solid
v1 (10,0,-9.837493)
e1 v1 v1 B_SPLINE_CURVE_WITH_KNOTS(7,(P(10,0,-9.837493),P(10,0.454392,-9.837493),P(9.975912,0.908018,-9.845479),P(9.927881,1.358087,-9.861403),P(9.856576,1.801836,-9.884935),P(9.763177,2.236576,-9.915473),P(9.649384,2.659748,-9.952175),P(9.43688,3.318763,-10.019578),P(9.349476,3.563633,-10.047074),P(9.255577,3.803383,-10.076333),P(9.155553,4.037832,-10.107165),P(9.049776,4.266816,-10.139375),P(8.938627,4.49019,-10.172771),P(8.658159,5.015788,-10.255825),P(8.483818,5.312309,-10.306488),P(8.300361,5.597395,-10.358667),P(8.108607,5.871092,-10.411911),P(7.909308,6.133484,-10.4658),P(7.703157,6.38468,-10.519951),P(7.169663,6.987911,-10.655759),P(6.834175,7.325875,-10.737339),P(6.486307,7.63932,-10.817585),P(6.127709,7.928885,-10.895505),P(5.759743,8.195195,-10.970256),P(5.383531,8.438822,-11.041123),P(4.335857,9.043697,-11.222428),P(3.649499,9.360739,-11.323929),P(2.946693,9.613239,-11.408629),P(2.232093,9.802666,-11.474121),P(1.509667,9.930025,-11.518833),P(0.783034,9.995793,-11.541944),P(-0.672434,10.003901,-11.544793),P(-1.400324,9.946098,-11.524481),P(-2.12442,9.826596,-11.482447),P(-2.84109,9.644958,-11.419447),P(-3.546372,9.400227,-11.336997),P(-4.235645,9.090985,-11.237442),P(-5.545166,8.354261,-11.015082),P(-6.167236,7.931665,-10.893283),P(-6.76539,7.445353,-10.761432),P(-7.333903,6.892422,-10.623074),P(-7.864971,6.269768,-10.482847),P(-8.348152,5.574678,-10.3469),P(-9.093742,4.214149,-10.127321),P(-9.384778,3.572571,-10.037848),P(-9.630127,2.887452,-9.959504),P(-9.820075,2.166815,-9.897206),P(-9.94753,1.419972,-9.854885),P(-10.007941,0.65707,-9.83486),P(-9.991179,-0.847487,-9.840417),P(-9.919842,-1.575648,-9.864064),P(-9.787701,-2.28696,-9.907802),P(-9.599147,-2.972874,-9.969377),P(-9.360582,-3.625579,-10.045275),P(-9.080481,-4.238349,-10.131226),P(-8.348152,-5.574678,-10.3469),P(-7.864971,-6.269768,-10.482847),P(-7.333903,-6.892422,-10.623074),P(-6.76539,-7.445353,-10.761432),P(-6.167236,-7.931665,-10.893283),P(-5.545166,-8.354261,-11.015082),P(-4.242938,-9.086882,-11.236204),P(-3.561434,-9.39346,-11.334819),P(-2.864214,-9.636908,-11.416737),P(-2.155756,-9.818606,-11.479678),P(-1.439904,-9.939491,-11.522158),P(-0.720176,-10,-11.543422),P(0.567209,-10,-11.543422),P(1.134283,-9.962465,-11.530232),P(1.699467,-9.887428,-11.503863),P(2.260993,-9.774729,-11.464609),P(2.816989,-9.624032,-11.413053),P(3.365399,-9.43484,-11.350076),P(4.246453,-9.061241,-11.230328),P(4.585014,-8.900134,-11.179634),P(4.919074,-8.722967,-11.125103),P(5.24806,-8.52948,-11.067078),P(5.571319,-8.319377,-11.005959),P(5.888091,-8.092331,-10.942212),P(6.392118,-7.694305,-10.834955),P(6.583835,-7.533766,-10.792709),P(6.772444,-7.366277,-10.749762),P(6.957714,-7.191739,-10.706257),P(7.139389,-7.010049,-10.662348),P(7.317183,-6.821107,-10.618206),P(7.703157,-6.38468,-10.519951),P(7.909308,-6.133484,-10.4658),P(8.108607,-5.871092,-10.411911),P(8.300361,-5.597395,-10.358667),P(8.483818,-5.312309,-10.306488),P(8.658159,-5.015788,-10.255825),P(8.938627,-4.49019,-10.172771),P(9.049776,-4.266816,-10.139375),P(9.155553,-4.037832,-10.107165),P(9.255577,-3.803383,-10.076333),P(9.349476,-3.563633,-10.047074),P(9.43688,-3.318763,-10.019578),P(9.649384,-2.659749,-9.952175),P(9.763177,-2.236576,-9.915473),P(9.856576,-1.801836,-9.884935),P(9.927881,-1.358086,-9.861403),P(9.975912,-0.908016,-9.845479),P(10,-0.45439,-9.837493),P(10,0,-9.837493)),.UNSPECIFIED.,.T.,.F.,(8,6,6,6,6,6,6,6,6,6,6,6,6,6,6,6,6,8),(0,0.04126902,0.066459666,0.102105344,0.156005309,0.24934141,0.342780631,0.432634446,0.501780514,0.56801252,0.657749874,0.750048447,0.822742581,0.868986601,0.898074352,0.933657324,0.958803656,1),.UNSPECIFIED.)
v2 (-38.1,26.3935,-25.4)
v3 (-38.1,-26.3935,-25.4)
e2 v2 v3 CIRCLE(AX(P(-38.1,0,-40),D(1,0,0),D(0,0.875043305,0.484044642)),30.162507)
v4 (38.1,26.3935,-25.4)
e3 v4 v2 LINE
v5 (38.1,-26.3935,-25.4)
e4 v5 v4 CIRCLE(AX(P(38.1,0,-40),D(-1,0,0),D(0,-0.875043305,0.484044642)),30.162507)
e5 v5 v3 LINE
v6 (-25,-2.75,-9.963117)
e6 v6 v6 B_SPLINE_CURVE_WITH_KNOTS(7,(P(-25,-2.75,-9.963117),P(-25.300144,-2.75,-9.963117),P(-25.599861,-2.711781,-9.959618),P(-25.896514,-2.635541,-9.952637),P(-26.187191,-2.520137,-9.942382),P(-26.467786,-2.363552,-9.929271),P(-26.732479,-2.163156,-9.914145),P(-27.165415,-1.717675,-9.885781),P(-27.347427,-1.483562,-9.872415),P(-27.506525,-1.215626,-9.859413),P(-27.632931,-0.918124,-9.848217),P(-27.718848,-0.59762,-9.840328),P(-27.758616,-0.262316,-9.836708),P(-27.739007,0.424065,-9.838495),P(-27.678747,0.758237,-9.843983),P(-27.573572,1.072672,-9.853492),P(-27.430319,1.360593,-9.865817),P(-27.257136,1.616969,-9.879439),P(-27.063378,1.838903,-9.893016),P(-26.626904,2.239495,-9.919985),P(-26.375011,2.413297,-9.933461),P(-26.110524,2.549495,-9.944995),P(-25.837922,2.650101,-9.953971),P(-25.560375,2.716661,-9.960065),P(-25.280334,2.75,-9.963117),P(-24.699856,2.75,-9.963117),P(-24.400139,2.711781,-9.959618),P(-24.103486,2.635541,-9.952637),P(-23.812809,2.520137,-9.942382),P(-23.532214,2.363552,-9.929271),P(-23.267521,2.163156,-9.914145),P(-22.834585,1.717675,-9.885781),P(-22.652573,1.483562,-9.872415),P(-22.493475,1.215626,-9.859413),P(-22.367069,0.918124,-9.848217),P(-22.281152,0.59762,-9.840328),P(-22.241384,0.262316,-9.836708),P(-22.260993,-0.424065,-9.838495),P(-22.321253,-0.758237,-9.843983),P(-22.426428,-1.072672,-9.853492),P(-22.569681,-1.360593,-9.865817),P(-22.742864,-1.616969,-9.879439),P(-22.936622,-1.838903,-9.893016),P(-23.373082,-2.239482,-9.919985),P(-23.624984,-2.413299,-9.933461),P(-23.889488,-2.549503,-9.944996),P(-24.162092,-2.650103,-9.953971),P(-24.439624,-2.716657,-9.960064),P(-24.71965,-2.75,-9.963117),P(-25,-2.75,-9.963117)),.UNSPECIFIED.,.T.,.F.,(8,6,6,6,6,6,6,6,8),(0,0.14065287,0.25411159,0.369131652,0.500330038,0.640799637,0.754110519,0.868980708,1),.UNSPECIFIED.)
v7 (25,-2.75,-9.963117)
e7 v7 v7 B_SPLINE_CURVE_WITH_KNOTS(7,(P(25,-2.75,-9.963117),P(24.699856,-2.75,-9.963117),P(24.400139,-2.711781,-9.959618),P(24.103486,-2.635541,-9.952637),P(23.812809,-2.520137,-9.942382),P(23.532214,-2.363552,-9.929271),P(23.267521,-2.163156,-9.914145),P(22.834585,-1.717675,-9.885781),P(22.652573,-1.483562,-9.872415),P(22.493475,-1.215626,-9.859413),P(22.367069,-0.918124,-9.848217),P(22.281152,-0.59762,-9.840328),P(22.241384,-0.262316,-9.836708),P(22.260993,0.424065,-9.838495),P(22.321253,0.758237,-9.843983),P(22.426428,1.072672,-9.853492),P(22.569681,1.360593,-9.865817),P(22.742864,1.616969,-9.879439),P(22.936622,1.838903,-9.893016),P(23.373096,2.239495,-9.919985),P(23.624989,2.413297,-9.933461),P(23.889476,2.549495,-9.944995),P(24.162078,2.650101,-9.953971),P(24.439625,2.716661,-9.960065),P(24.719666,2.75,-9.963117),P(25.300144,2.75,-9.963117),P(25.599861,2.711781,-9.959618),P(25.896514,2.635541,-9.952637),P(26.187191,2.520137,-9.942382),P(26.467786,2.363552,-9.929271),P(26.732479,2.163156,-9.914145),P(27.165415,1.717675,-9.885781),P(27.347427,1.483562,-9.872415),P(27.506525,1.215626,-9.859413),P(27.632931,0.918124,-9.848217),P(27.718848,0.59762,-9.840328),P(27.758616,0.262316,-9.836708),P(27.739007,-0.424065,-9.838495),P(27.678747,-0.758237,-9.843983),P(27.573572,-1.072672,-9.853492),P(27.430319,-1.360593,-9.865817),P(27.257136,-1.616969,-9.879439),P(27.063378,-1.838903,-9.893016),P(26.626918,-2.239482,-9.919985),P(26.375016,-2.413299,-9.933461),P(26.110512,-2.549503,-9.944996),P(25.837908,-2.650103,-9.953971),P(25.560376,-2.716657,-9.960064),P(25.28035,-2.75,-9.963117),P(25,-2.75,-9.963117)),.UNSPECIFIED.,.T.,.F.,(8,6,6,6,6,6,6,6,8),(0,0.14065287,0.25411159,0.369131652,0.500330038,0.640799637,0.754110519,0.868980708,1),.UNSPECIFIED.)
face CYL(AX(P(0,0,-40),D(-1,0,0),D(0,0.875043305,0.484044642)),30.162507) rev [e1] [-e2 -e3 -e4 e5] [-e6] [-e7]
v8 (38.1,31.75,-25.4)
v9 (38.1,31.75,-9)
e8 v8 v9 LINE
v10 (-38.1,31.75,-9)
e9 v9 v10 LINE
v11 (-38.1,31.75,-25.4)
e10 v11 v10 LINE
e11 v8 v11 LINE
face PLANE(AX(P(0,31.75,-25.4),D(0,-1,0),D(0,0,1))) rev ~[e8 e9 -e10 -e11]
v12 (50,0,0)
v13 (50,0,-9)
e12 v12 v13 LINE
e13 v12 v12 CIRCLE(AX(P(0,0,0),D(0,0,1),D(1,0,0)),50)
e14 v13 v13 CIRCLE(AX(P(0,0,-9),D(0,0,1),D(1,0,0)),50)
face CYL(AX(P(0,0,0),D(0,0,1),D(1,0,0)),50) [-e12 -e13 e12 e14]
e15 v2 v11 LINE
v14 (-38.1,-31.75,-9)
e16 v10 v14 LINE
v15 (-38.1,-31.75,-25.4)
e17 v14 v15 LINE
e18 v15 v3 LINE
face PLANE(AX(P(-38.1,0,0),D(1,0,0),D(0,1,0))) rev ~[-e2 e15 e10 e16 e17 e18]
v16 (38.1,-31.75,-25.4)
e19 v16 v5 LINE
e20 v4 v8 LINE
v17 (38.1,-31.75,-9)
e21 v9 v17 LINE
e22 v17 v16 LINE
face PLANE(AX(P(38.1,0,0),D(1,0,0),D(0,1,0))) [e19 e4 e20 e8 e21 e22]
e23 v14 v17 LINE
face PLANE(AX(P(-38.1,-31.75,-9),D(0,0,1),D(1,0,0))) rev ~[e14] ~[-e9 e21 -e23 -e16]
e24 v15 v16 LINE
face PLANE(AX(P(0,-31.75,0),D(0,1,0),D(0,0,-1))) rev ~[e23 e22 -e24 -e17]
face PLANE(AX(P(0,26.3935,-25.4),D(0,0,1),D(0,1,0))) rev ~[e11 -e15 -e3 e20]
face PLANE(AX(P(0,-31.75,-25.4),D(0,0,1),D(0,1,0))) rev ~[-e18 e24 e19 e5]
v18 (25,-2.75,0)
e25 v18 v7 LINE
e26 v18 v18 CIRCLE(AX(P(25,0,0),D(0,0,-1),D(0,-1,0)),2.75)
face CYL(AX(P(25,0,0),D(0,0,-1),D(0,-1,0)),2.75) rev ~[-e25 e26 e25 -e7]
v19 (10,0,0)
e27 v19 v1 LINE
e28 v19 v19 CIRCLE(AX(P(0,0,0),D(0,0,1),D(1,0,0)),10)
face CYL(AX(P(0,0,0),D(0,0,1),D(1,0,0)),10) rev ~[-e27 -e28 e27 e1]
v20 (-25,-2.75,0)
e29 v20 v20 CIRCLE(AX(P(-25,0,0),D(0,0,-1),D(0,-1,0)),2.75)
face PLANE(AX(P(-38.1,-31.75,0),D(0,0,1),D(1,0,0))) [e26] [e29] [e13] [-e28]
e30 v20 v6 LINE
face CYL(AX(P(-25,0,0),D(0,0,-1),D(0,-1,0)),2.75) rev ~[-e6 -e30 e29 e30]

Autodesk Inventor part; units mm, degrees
ref_plane "YZ Plane" through (0, 0, 0) normal (1, 0, 0) x (0, 1, 0)
ref_plane "XZ Plane" through (0, 0, 0) normal (0, 1, 0) x (-1, 0, 0)
ref_plane "XY Plane" through (0, 0, 0) normal (0, 0, 1) x (1, 0, 0)
sketch "Sketch1" plane through (0, 0, 0) normal (1, 0, 0) x (0, 1, 0)
  circle A0 centre (0, -40) radius 30.1625 construction
  line L0 (31.75, 0) -> (-31.75, 0)
  line L1 (-31.75, 0) -> (-31.75, -25.4)
  line L2 (31.75, -25.4) -> (31.75, 0)
  line L3 (0, 0) -> (0, -115.458)
  arc A1 (26.3935, -25.4) -> (-26.3935, -25.4) centre (0, -40) ccw
  line L4 (-31.75, -25.4) -> (-26.3935, -25.4)
  line L5 (26.3935, -25.4) -> (31.75, -25.4)
  dimension "d1" = 60.325
  dimension "d3" = 63.5
  dimension "d4" = 40
  dimension "d5" = 25.4
extrude "Extrusion1" add sketch "Sketch1" along normal mid plane 76.2
sketch "Sketch2" plane through (-38.1, -31.75, 0) normal (0, 0, 1) x (1, 0, 0)
  circle A0 centre (38.1, 31.75) radius 50
  dimension "d8" = 100
extrude "Extrusion2" add sketch "Sketch2" against normal blind 9
sketch "Sketch3" plane through (0, 0, 0) normal (0, 0, 1) x (1, 0, 0)
  circle A0 centre (0, 0) radius 10
  dimension "d11" = 20
extrude "Extrusion3" cut sketch "Sketch3" against normal through all
sketch "Sketch5" plane through (0, 0, 0) normal (0, 0, 1) x (1, 0, 0)
  line L0 (0, 0) -> (0, 29.874) construction
  line L1 (-38.1, 26.3935) -> (38.1, 26.3935) construction
  point P0 (25, 0)
  point P1 (-25, 0)
  point P2 (-25, 0)
  point P3 (25, 0)
  dimension "d23" = 50
hole "Hole1" at (25, 0, 0) at (-25, 0, 0) direction (0, 0, -1) diameter 5.5 end through all clearance for "Hex Head Cap Screw ISO 24017" size "M5" standard "ISO"
properties part number "Hub Plate" material "ABS Plastic"
